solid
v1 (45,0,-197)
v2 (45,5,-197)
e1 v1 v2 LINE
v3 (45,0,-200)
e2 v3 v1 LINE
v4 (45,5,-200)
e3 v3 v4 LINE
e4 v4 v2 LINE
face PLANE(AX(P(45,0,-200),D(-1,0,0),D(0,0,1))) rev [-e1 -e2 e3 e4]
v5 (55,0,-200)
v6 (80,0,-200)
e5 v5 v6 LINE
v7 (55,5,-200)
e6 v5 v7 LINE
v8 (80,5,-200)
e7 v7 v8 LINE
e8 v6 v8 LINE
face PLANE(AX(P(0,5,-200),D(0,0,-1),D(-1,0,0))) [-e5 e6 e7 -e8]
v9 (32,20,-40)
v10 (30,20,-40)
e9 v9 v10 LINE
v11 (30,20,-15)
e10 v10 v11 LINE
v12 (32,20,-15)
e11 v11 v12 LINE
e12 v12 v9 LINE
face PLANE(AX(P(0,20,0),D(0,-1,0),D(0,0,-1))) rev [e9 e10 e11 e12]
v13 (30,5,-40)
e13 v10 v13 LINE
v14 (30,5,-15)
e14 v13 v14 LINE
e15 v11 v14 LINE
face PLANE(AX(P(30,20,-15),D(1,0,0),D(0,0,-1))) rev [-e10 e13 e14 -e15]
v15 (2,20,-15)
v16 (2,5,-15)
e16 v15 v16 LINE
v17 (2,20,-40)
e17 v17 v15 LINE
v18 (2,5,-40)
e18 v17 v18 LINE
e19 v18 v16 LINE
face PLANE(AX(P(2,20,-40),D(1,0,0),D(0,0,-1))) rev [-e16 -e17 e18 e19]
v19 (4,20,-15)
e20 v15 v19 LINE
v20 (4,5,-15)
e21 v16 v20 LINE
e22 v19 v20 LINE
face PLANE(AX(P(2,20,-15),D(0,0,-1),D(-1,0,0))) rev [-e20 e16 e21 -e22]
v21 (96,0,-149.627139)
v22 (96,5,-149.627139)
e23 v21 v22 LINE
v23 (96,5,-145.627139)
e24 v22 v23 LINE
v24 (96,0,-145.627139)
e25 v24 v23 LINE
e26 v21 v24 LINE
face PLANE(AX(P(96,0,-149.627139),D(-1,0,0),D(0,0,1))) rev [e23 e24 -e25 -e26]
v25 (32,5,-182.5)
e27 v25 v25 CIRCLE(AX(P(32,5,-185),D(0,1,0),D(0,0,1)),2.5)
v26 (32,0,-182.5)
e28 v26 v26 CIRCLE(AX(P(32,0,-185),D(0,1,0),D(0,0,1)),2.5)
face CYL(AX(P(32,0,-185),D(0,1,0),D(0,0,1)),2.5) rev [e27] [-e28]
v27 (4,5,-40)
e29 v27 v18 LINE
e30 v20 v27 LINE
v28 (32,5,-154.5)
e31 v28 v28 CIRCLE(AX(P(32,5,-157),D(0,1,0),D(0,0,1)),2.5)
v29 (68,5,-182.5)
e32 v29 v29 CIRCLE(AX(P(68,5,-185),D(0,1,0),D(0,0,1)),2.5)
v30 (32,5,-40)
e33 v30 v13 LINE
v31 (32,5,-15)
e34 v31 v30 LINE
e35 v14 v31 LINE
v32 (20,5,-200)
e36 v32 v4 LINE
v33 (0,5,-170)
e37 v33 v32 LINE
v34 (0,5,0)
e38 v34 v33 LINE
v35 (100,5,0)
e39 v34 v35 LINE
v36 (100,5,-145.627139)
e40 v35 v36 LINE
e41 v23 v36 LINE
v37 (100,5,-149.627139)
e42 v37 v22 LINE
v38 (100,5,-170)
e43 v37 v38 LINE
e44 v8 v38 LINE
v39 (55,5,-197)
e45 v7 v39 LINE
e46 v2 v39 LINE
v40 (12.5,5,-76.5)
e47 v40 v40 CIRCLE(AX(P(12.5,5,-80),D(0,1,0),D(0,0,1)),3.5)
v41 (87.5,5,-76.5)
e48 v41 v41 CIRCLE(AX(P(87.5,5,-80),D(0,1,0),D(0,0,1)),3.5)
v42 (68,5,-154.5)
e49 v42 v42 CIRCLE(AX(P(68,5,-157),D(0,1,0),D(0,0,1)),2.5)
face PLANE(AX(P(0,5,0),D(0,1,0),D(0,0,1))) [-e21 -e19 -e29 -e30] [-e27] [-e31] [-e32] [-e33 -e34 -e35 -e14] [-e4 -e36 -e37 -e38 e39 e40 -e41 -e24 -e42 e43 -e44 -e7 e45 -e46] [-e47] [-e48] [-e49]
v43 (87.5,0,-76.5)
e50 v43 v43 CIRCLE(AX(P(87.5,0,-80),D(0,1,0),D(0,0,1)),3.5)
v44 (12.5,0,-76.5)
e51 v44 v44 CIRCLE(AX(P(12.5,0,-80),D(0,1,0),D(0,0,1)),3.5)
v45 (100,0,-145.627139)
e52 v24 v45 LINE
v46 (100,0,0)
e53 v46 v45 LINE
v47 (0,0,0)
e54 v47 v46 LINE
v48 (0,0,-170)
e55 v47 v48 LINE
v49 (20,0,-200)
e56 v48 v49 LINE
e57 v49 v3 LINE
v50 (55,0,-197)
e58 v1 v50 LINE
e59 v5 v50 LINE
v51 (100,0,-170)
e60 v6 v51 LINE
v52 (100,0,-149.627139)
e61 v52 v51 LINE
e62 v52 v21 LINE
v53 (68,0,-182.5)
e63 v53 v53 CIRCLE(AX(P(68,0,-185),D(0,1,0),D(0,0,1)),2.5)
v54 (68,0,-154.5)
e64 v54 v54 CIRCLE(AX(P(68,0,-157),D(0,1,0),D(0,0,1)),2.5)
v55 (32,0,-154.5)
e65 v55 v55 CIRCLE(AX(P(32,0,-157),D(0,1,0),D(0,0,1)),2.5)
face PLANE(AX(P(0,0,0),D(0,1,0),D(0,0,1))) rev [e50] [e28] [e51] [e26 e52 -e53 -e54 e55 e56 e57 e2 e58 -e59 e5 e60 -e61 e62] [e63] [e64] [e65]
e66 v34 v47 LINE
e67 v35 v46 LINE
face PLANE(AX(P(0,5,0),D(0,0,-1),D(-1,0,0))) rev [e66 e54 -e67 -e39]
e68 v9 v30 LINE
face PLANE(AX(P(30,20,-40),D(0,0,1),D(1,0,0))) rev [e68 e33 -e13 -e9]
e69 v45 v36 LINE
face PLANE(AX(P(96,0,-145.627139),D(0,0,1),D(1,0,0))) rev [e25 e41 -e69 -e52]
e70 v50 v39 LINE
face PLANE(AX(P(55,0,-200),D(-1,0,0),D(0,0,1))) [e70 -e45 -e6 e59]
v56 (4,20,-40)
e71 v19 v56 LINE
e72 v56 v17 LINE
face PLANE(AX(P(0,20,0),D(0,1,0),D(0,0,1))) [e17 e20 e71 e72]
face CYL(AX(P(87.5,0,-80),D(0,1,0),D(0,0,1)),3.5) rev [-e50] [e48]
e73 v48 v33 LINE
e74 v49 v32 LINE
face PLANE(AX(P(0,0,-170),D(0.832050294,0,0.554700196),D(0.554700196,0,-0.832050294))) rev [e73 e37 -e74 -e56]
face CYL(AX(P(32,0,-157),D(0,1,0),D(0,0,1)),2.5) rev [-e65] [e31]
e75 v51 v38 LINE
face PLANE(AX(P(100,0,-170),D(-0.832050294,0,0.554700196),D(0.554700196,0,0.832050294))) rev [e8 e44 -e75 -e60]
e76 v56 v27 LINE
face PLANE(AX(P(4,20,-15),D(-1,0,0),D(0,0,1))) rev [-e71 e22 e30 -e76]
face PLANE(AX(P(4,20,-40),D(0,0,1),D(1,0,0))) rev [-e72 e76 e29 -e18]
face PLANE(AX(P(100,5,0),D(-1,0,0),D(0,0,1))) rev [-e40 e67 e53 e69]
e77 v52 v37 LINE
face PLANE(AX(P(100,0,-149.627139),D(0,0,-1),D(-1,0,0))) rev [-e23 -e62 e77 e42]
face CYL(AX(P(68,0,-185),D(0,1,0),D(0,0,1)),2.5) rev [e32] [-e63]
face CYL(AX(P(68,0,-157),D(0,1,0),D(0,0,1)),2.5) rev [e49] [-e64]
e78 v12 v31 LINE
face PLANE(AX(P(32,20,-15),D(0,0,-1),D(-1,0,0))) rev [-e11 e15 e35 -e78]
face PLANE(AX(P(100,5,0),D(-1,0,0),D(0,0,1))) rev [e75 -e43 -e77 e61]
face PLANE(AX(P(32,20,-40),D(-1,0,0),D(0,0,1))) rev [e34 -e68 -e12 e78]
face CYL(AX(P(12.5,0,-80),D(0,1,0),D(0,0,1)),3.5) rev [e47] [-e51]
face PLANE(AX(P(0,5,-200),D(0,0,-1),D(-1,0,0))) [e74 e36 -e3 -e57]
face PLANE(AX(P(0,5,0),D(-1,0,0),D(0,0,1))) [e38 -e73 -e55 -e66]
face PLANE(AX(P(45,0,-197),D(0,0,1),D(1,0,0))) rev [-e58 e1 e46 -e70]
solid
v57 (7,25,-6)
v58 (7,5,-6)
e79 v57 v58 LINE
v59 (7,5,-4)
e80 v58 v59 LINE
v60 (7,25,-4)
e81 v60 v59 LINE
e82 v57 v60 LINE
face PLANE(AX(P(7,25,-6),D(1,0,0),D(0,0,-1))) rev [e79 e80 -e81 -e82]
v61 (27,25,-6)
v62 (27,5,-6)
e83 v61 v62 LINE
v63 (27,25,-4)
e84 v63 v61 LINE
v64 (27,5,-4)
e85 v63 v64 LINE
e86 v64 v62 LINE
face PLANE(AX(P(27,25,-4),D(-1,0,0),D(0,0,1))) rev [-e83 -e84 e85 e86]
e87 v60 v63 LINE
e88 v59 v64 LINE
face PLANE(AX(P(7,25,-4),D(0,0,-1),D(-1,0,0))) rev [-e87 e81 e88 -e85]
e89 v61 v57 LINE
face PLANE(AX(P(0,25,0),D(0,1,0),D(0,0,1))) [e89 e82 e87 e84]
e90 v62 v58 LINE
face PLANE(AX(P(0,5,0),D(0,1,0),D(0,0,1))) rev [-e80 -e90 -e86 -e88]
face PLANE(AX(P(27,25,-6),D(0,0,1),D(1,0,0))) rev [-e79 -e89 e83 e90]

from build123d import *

# Parameters (mm, degrees)
CROQUIS1_W              = 100
CROQUIS1_H              = 200
SALIENTE_EXTRUIR3_DEPTH = 5
CROQUIS5_R              = 2.5
CORTAR_EXTRUIR1_DEPTH   = 224.662692463
CROQUIS11_R             = 3.5
CORTAR_EXTRUIR5_DEPTH   = 224.662692463
CROQUIS12_W             = 10
CROQUIS12_H             = 3
CORTAR_EXTRUIR6_DEPTH   = 224.662692463
CORTAR_EXTRUIR7_DEPTH   = 224.662692463
CROQUIS15_W             = 4
CROQUIS15_H             = 4
CORTAR_EXTRUIR9_DEPTH   = 224.662692463
CROQUIS16_W             = 20
CROQUIS16_H             = 2
SALIENTE_EXTRUIR6_DEPTH = 20
CROQUIS17_W             = 2
CROQUIS17_H             = 25
SALIENTE_EXTRUIR7_DEPTH = 15


with BuildPart() as part:
    # Croquis1 → Saliente-Extruir3 (new body)
    with BuildSketch(Plane(origin=(0, 0, 0), x_dir=(1, 0, 0), z_dir=(0, 1, 0))):
        with Locations((50, 100)):
            Rectangle(CROQUIS1_W, CROQUIS1_H)
    extrude(amount=SALIENTE_EXTRUIR3_DEPTH)

    # Croquis5 → Cortar-Extruir1 (cut, through all)
    with BuildSketch(Plane(origin=(0, 5, 0), x_dir=(1, 0, 0), z_dir=(0, 1, 0))):
        with Locations(Location((32, 185, 0), (0, 0, 270))):
            Circle(CROQUIS5_R)
        with Locations(Location((68, 185, 0), (0, 0, 270))):
            Circle(CROQUIS5_R)
        with Locations(Location((32, 157, 0), (0, 0, 270))):
            Circle(CROQUIS5_R)
        with Locations(Location((68, 157, 0), (0, 0, 270))):
            Circle(CROQUIS5_R)
    extrude(amount=-CORTAR_EXTRUIR1_DEPTH, mode=Mode.SUBTRACT)

    # Croquis11 → Cortar-Extruir5 (cut, through all)
    with BuildSketch(Plane(origin=(0, 5, 0), x_dir=(1, 0, 0), z_dir=(0, 1, 0))):
        with Locations(Location((12.5, 80, 0), (0, 0, 270))):
            Circle(CROQUIS11_R)
        with Locations(Location((87.5, 80, 0), (0, 0, 270))):
            Circle(CROQUIS11_R)
    extrude(amount=-CORTAR_EXTRUIR5_DEPTH, mode=Mode.SUBTRACT)

    # Croquis12 → Cortar-Extruir6 (cut, through all)
    with BuildSketch(Plane(origin=(0, 5, 0), x_dir=(1, 0, 0), z_dir=(0, 1, 0))):
        with Locations((50, 198.5)):
            Rectangle(CROQUIS12_W, CROQUIS12_H)
    extrude(amount=-CORTAR_EXTRUIR6_DEPTH, mode=Mode.SUBTRACT)

    # Croquis13 → Cortar-Extruir7 (cut, through all)
    with BuildSketch(Plane(origin=(0, 5, 0), x_dir=(1, 0, 0), z_dir=(0, 1, 0))):
        Polygon((0, 170), (20, 200), (0, 200), align=None)
        Polygon((100, 170), (80, 200), (100, 200), align=None)
    extrude(amount=-CORTAR_EXTRUIR7_DEPTH, mode=Mode.SUBTRACT)

    # Croquis15 → Cortar-Extruir9 (cut, through all)
    with BuildSketch(Plane(origin=(0, 5, 0), x_dir=(1, 0, 0), z_dir=(0, 1, 0))):
        with Locations((98, 147.627138927)):
            Rectangle(CROQUIS15_W, CROQUIS15_H)
    extrude(amount=-CORTAR_EXTRUIR9_DEPTH, mode=Mode.SUBTRACT)

    # Croquis17 → Saliente-Extruir7 (add)
    with BuildSketch(Plane(origin=(0, 5, 0), x_dir=(1, 0, 0), z_dir=(0, 1, 0))):
        with Locations((31, 27.5)):
            Rectangle(CROQUIS17_W, CROQUIS17_H)
        with Locations((3, 27.5)):
            Rectangle(CROQUIS17_W, CROQUIS17_H)
    extrude(amount=SALIENTE_EXTRUIR7_DEPTH)


with BuildPart() as body_2:
    # Croquis16 → Saliente-Extruir6 (new body)
    with BuildSketch(Plane(origin=(0, 5, 0), x_dir=(1, 0, 0), z_dir=(0, 1, 0))):
        with Locations((17, 5)):
            Rectangle(CROQUIS16_W, CROQUIS16_H)
    extrude(amount=SALIENTE_EXTRUIR6_DEPTH)


solid = Compound([part.part, body_2.part])
